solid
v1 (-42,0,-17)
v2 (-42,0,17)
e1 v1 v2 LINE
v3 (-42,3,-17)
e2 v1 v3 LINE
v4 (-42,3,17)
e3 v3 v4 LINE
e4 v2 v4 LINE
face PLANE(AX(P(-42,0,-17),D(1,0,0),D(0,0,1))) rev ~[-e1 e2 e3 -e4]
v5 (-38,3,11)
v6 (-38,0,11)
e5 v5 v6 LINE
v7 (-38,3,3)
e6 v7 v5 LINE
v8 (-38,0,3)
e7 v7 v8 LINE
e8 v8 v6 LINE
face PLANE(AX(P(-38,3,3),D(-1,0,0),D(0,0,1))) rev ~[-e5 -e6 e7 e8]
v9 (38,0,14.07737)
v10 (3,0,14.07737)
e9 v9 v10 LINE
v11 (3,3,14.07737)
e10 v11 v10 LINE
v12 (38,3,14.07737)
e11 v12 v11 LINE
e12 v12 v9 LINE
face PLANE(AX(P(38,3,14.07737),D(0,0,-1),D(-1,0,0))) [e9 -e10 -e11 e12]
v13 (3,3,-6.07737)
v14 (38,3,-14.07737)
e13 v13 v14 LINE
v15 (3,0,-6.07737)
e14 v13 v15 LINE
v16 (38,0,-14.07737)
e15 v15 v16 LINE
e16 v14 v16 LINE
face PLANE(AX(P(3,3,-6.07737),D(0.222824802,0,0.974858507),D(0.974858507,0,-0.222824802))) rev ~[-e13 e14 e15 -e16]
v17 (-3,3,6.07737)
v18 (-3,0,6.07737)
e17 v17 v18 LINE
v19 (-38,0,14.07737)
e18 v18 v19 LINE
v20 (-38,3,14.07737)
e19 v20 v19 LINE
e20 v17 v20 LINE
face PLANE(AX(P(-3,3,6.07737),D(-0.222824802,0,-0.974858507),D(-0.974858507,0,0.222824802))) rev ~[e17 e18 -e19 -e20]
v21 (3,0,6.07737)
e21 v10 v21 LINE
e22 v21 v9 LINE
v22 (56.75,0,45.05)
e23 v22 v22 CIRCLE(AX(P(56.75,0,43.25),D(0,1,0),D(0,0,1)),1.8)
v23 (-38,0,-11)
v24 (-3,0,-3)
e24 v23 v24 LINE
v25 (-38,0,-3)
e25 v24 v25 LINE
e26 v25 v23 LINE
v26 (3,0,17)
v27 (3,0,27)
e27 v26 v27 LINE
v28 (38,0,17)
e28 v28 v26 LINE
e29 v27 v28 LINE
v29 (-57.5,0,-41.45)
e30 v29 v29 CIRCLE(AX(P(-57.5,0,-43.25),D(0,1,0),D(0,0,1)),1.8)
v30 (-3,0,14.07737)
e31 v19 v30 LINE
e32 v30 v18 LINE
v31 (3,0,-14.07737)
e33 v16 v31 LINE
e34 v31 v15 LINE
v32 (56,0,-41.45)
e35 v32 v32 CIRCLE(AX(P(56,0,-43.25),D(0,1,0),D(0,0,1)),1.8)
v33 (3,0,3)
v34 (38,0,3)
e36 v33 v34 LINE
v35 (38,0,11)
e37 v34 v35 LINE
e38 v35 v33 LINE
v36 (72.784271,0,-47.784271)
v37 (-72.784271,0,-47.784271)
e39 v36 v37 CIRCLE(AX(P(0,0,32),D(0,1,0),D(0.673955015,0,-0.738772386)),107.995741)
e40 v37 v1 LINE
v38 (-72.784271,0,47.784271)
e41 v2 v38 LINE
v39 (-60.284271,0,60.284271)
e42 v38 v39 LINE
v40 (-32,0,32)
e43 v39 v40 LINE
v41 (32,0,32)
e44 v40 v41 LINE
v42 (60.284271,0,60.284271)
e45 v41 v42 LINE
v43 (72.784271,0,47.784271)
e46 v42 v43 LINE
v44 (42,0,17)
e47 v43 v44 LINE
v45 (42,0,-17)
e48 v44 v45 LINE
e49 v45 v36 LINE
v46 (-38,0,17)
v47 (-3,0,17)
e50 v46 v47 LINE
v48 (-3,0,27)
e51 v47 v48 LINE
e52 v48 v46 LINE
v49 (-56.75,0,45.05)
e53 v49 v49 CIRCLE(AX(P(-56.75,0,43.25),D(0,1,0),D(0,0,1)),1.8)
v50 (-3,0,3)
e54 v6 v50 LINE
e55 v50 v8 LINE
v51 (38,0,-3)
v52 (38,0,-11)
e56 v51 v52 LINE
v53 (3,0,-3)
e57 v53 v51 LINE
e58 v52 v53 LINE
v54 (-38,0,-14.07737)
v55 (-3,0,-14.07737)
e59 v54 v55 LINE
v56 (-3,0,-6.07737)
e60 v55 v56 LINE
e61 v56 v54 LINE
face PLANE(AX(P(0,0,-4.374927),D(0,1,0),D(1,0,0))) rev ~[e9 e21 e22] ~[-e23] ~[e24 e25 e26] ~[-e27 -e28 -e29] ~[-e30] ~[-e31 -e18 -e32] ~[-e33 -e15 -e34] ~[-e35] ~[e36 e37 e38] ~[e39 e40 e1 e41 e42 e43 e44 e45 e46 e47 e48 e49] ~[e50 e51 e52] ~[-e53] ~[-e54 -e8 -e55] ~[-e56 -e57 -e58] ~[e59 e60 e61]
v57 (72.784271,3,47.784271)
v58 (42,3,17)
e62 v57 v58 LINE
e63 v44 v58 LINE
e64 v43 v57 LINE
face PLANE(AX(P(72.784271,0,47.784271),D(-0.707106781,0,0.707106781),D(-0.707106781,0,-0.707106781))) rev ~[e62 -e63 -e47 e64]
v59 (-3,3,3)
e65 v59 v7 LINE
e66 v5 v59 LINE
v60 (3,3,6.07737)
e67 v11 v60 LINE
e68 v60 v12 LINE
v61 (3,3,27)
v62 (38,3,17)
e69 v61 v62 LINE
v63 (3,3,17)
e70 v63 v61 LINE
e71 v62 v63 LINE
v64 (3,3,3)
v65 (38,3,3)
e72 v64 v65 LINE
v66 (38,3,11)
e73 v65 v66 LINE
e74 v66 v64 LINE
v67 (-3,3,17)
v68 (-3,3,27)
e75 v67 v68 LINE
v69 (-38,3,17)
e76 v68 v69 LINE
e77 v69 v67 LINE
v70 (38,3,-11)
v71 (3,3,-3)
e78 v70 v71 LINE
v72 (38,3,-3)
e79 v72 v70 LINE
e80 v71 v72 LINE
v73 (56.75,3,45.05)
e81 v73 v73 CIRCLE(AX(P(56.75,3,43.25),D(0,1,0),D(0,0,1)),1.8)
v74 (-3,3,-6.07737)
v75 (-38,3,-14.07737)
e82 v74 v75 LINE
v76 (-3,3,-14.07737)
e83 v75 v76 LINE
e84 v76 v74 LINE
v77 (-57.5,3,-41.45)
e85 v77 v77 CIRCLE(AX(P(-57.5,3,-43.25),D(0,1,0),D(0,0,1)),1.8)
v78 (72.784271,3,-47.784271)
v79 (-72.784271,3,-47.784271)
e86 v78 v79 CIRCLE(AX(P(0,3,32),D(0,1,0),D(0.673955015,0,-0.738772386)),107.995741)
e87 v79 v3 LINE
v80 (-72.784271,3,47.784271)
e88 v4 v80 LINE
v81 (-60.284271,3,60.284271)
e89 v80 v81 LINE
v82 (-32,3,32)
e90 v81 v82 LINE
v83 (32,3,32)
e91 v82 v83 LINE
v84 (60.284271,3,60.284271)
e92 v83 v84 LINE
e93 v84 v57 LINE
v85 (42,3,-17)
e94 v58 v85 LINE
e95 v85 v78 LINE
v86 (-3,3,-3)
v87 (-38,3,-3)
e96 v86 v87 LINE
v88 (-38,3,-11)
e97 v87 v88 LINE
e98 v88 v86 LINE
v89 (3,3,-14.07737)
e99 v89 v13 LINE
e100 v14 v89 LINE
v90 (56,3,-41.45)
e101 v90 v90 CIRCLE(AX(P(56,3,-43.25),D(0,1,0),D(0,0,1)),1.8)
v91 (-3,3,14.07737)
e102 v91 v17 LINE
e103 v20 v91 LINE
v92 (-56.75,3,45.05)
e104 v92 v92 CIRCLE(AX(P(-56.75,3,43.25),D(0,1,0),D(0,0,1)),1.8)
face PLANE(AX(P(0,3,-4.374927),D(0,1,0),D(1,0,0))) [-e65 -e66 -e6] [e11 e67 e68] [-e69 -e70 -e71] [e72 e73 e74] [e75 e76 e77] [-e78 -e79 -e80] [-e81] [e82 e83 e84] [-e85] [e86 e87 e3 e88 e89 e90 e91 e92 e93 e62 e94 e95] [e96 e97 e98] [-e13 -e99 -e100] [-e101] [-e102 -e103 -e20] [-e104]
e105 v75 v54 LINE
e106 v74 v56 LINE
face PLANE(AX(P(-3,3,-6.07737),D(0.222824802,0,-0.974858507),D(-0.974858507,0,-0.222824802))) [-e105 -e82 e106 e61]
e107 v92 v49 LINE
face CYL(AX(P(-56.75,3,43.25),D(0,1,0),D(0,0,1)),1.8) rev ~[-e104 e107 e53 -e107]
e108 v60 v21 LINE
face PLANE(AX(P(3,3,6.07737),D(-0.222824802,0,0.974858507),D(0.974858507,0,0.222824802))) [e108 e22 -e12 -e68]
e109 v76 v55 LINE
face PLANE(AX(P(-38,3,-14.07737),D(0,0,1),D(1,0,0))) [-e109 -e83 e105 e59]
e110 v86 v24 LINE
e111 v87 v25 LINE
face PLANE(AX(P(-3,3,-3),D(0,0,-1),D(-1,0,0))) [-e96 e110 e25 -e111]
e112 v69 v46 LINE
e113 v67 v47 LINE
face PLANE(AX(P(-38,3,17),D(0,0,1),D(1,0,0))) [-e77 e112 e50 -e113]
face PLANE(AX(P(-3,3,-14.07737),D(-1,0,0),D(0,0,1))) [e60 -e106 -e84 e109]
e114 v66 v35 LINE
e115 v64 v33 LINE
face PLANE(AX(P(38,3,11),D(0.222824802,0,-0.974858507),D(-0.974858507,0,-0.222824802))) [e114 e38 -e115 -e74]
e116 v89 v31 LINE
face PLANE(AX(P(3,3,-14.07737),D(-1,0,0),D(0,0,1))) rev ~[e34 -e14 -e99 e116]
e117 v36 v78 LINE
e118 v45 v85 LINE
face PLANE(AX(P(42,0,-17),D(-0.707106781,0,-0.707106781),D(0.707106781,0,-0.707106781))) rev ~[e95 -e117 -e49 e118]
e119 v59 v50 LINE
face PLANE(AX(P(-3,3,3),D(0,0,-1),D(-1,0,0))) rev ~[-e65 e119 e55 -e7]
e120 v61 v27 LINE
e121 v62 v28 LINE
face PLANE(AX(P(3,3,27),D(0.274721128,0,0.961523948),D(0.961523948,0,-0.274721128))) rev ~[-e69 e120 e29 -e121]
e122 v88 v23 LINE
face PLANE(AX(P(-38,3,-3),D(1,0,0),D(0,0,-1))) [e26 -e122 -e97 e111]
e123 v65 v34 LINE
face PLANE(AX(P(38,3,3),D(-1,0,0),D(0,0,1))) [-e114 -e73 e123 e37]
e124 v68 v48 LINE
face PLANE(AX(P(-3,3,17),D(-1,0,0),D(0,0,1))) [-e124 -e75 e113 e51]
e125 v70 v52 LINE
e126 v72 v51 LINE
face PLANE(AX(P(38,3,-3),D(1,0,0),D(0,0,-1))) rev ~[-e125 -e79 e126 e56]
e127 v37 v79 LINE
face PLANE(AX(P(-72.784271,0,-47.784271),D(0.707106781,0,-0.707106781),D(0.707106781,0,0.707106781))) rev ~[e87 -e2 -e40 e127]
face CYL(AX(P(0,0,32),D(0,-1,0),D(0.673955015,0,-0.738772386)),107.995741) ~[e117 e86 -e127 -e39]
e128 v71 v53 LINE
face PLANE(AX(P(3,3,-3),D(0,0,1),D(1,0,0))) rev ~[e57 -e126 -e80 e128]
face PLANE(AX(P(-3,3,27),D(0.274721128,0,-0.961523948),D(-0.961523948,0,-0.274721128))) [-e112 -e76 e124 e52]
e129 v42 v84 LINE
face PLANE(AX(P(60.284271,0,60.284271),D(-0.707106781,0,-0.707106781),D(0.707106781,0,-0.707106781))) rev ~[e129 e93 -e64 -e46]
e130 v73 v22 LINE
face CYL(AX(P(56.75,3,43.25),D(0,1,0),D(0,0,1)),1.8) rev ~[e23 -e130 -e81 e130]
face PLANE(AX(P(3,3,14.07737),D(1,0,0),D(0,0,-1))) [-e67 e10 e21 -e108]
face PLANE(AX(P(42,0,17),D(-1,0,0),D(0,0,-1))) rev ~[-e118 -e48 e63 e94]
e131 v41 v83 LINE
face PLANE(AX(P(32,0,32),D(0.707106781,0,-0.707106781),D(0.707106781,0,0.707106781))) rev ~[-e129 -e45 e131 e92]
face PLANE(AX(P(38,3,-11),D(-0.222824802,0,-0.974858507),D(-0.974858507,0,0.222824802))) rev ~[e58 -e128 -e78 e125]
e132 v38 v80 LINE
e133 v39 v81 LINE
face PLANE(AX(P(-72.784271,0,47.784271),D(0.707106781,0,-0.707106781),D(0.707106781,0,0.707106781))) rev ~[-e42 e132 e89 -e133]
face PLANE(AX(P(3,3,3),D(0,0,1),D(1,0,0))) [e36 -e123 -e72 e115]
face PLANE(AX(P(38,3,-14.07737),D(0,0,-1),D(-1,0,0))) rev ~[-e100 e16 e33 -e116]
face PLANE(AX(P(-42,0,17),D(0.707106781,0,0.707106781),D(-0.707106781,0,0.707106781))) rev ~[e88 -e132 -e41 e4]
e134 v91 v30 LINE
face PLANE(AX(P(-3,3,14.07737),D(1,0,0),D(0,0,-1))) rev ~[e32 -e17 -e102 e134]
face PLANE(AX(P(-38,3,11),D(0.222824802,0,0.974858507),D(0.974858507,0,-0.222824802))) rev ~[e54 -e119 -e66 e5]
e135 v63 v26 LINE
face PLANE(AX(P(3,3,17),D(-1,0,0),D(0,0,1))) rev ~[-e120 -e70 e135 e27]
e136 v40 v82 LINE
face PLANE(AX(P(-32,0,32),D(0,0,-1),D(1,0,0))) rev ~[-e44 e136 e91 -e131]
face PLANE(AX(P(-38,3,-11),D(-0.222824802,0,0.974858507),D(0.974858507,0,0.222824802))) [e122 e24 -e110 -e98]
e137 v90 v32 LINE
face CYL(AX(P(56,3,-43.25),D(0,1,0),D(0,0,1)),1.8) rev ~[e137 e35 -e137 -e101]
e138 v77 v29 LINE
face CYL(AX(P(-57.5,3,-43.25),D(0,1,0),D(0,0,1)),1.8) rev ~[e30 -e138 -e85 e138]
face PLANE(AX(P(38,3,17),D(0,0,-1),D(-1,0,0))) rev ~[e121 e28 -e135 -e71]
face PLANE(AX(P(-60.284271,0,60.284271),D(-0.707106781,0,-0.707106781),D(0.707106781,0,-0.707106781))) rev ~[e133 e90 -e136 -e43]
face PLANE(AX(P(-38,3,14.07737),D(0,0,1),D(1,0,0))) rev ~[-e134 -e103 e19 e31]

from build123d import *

# Parameters (mm, degrees)
BOSS_EXTRUDE1_DEPTH = 3
SKETCH5_R           = 1.8
CUT_EXTRUDE2_DEPTH  = 106.270616959
CUT_EXTRUDE3_DEPTH  = 106.270616959


with BuildPart() as part:
    # Sketch2 → Boss-Extrude1 (new body)
    with BuildSketch(Plane(origin=(0, 0, 0), x_dir=(1, 0, 0), z_dir=(0, 1, 0))):
        with BuildLine():
            Line((-42, 17), (-42, -17))
            Line((-42, -17), (-72.784271247, -47.784271247))
            Line((-72.784271247, -47.784271247), (-60.284271247, -60.284271247))
            Line((-60.284271247, -60.284271247), (-32, -32))
            Line((-32, -32), (32, -32))
            Line((32, -32), (60.284271247, -60.284271247))
            Line((60.284271247, -60.284271247), (72.784271247, -47.784271247))
            Line((72.784271247, -47.784271247), (42, -17))
            Line((42, -17), (42, 17))
            Line((42, 17), (72.784271247, 47.784271247))
            ThreePointArc((72.784271247, 47.784271247), (0, 75.995741025), (-72.784271247, 47.784271247))
            Line((-72.784271247, 47.784271247), (-42, 17))
        make_face()
    extrude(amount=BOSS_EXTRUDE1_DEPTH)

    # Sketch5 → Cut-Extrude2 (cut, through all)
    with BuildSketch(Plane(origin=(0, 3, 0), x_dir=(1, 0, 0), z_dir=(0, 1, 0))):
        with Locations(Location((-57.5, 43.25, 0), (0, 0, 270))):
            Circle(SKETCH5_R)
        with Locations(Location((56, 43.25, 0), (0, 0, 270))):
            Circle(SKETCH5_R)
        with Locations(Location((56.75, -43.25, 0), (0, 0, 270))):
            Circle(SKETCH5_R)
        with Locations(Location((-56.75, -43.25, 0), (0, 0, 270))):
            Circle(SKETCH5_R)
    extrude(amount=-CUT_EXTRUDE2_DEPTH, mode=Mode.SUBTRACT)

    # Sketch6 → Cut-Extrude3 (cut, through all)
    with BuildSketch(Plane(origin=(0, 3, 0), x_dir=(1, 0, 0), z_dir=(0, 1, 0))):
        Polygon((-38, 14.077369669), (-3, 14.077369669), (-3, 6.077369669), align=None)
        Polygon((-38, 11), (-3, 3), (-38, 3), align=None)
        Polygon((-3, -14.077369669), (-3, -6.077369669), (-38, -14.077369669), align=None)
        Polygon((-3, -3), (-38, -3), (-38, -11), align=None)
        Polygon((38, -14.077369669), (3, -14.077369669), (3, -6.077369669), align=None)
        Polygon((38, -11), (3, -3), (38, -3), align=None)
        Polygon((3, 3), (38, 3), (38, 11), align=None)
        Polygon((3, 14.077369669), (3, 6.077369669), (38, 14.077369669), align=None)
        Polygon((-38, -17), (-3, -17), (-3, -27), align=None)
        Polygon((3, -17), (3, -27), (38, -17), align=None)
    extrude(amount=-CUT_EXTRUDE3_DEPTH, mode=Mode.SUBTRACT)


solid = part.part
